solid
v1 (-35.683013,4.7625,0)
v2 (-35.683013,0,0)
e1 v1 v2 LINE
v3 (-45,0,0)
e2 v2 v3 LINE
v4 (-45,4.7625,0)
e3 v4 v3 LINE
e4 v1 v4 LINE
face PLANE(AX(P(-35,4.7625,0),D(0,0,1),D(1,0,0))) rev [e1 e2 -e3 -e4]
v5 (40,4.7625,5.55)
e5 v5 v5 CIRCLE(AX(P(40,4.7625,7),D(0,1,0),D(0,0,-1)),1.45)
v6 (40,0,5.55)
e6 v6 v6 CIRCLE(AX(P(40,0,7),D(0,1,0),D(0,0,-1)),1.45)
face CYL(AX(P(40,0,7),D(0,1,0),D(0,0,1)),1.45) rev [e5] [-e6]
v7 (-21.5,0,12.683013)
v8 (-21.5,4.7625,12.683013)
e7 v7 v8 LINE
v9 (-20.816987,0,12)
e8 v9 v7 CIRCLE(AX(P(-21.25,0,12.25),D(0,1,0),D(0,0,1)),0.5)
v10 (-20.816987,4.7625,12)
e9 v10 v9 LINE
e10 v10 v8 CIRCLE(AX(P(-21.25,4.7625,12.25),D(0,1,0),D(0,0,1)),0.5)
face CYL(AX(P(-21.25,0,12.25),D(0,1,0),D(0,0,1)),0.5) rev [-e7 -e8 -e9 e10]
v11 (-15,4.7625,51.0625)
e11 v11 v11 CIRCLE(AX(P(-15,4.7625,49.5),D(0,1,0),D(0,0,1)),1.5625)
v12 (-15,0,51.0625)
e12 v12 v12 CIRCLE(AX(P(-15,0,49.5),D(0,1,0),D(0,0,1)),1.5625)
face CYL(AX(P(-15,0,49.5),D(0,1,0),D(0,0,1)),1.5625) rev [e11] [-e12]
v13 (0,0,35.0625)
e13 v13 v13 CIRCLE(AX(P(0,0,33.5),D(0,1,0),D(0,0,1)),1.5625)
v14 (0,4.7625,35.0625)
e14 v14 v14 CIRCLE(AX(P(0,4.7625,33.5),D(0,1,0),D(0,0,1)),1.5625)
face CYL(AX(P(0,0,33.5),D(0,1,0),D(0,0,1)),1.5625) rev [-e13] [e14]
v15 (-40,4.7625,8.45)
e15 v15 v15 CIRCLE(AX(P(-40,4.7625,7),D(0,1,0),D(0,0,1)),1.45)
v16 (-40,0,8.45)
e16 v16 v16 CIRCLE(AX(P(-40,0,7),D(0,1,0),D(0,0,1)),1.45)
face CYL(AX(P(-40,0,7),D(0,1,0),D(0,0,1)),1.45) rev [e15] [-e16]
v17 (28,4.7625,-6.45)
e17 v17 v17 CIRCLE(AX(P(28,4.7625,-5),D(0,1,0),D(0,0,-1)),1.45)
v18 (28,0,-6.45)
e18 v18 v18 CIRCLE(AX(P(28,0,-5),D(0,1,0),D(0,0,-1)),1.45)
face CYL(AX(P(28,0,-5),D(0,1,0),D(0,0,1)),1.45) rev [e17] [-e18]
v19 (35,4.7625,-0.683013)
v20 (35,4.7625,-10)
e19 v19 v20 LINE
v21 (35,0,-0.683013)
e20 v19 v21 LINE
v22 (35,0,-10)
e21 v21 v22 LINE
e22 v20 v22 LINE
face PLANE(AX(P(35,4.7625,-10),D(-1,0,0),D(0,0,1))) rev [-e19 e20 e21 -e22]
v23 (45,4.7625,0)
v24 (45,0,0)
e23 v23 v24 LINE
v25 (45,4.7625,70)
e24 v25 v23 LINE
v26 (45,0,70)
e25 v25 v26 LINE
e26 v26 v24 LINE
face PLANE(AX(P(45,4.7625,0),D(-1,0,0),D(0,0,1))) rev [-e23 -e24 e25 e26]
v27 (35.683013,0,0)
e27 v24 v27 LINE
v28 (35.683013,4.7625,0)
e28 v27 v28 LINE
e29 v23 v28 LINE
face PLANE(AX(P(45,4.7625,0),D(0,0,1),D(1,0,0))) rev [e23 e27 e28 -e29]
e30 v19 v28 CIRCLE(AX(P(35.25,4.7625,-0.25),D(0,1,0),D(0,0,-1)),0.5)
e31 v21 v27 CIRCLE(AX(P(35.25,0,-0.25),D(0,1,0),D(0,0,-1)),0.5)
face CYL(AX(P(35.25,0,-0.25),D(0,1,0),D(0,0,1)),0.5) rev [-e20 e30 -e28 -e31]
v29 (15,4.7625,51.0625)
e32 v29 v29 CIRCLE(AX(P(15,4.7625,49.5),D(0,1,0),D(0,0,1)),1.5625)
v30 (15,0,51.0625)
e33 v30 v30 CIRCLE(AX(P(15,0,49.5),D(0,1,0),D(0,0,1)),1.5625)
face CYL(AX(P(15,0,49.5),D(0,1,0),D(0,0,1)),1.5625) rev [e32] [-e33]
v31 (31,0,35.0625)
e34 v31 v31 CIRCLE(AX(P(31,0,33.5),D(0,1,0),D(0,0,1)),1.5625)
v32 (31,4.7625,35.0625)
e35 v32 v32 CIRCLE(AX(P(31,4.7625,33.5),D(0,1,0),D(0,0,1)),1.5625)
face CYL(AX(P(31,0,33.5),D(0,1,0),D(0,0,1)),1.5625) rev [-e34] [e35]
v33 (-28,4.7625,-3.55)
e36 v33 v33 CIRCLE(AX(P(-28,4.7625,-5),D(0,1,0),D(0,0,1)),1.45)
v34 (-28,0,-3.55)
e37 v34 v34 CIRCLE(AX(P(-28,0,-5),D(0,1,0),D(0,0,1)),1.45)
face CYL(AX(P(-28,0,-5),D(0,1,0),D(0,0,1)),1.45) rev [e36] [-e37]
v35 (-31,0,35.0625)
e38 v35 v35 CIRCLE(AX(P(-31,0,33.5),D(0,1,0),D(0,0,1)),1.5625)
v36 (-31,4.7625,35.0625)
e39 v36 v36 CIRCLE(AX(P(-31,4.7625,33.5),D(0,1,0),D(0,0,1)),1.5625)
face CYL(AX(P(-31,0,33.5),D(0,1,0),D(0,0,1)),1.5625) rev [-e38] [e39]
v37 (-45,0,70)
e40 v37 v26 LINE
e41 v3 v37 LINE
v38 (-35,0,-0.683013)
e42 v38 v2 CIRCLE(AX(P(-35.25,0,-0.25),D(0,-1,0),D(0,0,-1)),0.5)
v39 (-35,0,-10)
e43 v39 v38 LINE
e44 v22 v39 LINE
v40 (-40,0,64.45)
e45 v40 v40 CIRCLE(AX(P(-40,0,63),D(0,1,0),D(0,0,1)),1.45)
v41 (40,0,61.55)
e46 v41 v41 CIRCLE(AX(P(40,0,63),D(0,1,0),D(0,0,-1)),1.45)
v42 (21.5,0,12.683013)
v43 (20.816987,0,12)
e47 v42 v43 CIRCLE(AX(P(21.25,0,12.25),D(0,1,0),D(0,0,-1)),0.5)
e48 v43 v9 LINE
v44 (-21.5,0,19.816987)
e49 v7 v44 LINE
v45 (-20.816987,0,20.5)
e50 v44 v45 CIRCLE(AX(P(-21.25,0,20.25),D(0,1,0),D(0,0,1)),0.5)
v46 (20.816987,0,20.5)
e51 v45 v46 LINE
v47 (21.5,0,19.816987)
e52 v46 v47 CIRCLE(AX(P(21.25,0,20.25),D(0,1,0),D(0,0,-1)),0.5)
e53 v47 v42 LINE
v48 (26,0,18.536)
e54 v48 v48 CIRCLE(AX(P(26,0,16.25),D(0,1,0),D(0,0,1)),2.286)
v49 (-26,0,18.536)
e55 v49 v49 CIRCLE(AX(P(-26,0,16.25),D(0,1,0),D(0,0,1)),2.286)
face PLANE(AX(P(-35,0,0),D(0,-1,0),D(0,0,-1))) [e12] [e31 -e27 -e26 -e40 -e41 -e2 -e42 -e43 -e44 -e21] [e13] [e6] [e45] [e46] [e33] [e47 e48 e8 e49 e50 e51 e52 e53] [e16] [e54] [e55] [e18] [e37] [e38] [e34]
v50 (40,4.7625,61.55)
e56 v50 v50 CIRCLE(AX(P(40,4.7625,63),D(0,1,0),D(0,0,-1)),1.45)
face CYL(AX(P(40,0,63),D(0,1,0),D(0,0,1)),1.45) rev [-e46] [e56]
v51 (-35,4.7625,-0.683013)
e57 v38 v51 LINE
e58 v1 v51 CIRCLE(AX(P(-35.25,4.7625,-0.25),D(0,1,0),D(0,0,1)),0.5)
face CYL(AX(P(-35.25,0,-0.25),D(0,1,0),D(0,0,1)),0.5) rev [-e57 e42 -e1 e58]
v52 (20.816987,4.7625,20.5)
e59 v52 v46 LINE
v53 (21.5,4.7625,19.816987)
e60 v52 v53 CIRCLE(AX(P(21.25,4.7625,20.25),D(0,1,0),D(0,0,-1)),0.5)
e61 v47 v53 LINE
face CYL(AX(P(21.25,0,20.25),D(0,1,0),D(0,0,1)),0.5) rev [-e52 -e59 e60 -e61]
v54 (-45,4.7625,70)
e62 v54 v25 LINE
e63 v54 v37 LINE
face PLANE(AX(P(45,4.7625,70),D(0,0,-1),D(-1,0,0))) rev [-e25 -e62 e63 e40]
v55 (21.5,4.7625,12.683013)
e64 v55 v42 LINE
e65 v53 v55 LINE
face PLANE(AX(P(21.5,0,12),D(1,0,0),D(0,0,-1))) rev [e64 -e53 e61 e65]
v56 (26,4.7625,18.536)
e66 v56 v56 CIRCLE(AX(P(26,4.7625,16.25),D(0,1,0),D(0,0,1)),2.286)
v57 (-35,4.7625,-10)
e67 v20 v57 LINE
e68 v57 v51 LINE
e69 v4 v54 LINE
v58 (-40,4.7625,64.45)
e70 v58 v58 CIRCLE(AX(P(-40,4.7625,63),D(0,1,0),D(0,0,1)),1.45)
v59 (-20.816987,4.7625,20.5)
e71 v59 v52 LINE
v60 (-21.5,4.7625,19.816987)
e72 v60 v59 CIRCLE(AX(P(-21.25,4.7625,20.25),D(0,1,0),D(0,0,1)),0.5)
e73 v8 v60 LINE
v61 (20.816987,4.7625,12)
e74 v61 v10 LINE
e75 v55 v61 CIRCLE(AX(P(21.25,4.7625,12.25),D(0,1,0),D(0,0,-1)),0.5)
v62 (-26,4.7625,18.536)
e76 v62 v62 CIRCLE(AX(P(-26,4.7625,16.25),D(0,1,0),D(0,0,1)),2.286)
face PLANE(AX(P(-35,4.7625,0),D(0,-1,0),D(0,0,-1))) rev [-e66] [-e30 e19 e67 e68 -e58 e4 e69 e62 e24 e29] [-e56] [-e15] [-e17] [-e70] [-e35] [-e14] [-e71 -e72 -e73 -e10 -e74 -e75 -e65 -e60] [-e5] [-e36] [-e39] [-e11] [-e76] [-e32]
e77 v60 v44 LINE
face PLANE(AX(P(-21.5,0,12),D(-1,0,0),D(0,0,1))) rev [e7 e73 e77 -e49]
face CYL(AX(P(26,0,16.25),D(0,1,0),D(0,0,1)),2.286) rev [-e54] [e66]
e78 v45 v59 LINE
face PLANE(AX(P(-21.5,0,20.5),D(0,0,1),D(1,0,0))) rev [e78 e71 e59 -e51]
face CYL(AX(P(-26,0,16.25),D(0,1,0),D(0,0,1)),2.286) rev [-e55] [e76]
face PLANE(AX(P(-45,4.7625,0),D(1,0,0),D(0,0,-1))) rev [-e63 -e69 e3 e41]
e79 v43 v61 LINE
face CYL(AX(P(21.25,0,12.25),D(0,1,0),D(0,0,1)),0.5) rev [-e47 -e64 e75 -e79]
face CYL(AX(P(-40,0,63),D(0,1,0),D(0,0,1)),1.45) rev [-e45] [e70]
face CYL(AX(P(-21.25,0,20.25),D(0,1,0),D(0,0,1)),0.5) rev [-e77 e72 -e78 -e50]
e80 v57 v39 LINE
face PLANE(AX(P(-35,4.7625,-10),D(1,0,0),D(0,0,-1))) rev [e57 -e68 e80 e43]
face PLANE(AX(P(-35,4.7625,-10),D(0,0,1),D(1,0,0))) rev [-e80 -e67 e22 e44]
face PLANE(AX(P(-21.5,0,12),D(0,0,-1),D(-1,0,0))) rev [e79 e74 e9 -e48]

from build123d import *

# Parameters (mm, degrees)
BASE_DEPTH         = 4.7625
SKETCH2_R          = 1.5625
CUT_EXTRUDE1_DEPTH = 5.7625
SKETCH3_R          = 2.286
SKETCH3_W          = 43
SKETCH3_H          = 8.5
CUT_EXTRUDE2_DEPTH = 5.7625
SKETCH4_R          = 1.45
CUT_EXTRUDE3_DEPTH = 5.7625
SKETCH5_R          = 0.5
CUT_EXTRUDE4_DEPTH = 5.7625


with BuildPart() as part:
    # Sketch1 → Base (new body)
    with BuildSketch(Plane(origin=(0, 0, 0), x_dir=(1, 0, 0), z_dir=(0, 1, 0))):
        Polygon((-35, 0), (-45, 0), (-45, -70), (45, -70), (45, 0), (35, 0), (35, 10), (-35, 10), align=None)
    extrude(amount=BASE_DEPTH)

    # Sketch2 → Cut-Extrude1 (cut, through all)
    with BuildSketch(Plane(origin=(0, 4.7625, 0), x_dir=(1, 0, 0), z_dir=(0, 1, 0))):
        with Locations((-31, -33.5)):
            Circle(SKETCH2_R)
        with Locations((0, -33.5)):
            Circle(SKETCH2_R)
        with Locations((31, -33.5)):
            Circle(SKETCH2_R)
        with Locations((15, -49.5)):
            Circle(SKETCH2_R)
        with Locations((-15, -49.5)):
            Circle(SKETCH2_R)
    extrude(amount=-CUT_EXTRUDE1_DEPTH, mode=Mode.SUBTRACT)

    # Sketch3 → Cut-Extrude2 (cut, through all)
    with BuildSketch(Plane(origin=(0, 4.7625, 0), x_dir=(1, 0, 0), z_dir=(0, 1, 0))):
        with Locations((-26, -16.25)):
            Circle(SKETCH3_R)
        with Locations((26, -16.25)):
            Circle(SKETCH3_R)
        with Locations((0, -16.25)):
            Rectangle(SKETCH3_W, SKETCH3_H)
    extrude(amount=-CUT_EXTRUDE2_DEPTH, mode=Mode.SUBTRACT)

    # Sketch4 → Cut-Extrude3 (cut, through all)
    with BuildSketch(Plane(origin=(0, 4.7625, 0), x_dir=(1, 0, 0), z_dir=(0, 1, 0))):
        with Locations((-28, 5)):
            Circle(SKETCH4_R)
        with Locations((-40, -7)):
            Circle(SKETCH4_R)
        with Locations((-40, -63)):
            Circle(SKETCH4_R)
        with Locations((40, -63)):
            Circle(SKETCH4_R)
        with Locations((40, -7)):
            Circle(SKETCH4_R)
        with Locations((28, 5)):
            Circle(SKETCH4_R)
    extrude(amount=-CUT_EXTRUDE3_DEPTH, mode=Mode.SUBTRACT)

    # Sketch5 → Cut-Extrude4 (cut, through all)
    with BuildSketch(Plane(origin=(0, 4.7625, 0), x_dir=(1, 0, 0), z_dir=(0, 1, 0))):
        with Locations((-35.25, 0.25)):
            Circle(SKETCH5_R)
        with Locations((-21.25, -12.25)):
            Circle(SKETCH5_R)
        with Locations((-21.25, -20.25)):
            Circle(SKETCH5_R)
        with Locations((35.25, 0.25)):
            Circle(SKETCH5_R)
        with Locations((21.25, -12.25)):
            Circle(SKETCH5_R)
        with Locations((21.25, -20.25)):
            Circle(SKETCH5_R)
    extrude(amount=-CUT_EXTRUDE4_DEPTH, mode=Mode.SUBTRACT)


solid = part.part
